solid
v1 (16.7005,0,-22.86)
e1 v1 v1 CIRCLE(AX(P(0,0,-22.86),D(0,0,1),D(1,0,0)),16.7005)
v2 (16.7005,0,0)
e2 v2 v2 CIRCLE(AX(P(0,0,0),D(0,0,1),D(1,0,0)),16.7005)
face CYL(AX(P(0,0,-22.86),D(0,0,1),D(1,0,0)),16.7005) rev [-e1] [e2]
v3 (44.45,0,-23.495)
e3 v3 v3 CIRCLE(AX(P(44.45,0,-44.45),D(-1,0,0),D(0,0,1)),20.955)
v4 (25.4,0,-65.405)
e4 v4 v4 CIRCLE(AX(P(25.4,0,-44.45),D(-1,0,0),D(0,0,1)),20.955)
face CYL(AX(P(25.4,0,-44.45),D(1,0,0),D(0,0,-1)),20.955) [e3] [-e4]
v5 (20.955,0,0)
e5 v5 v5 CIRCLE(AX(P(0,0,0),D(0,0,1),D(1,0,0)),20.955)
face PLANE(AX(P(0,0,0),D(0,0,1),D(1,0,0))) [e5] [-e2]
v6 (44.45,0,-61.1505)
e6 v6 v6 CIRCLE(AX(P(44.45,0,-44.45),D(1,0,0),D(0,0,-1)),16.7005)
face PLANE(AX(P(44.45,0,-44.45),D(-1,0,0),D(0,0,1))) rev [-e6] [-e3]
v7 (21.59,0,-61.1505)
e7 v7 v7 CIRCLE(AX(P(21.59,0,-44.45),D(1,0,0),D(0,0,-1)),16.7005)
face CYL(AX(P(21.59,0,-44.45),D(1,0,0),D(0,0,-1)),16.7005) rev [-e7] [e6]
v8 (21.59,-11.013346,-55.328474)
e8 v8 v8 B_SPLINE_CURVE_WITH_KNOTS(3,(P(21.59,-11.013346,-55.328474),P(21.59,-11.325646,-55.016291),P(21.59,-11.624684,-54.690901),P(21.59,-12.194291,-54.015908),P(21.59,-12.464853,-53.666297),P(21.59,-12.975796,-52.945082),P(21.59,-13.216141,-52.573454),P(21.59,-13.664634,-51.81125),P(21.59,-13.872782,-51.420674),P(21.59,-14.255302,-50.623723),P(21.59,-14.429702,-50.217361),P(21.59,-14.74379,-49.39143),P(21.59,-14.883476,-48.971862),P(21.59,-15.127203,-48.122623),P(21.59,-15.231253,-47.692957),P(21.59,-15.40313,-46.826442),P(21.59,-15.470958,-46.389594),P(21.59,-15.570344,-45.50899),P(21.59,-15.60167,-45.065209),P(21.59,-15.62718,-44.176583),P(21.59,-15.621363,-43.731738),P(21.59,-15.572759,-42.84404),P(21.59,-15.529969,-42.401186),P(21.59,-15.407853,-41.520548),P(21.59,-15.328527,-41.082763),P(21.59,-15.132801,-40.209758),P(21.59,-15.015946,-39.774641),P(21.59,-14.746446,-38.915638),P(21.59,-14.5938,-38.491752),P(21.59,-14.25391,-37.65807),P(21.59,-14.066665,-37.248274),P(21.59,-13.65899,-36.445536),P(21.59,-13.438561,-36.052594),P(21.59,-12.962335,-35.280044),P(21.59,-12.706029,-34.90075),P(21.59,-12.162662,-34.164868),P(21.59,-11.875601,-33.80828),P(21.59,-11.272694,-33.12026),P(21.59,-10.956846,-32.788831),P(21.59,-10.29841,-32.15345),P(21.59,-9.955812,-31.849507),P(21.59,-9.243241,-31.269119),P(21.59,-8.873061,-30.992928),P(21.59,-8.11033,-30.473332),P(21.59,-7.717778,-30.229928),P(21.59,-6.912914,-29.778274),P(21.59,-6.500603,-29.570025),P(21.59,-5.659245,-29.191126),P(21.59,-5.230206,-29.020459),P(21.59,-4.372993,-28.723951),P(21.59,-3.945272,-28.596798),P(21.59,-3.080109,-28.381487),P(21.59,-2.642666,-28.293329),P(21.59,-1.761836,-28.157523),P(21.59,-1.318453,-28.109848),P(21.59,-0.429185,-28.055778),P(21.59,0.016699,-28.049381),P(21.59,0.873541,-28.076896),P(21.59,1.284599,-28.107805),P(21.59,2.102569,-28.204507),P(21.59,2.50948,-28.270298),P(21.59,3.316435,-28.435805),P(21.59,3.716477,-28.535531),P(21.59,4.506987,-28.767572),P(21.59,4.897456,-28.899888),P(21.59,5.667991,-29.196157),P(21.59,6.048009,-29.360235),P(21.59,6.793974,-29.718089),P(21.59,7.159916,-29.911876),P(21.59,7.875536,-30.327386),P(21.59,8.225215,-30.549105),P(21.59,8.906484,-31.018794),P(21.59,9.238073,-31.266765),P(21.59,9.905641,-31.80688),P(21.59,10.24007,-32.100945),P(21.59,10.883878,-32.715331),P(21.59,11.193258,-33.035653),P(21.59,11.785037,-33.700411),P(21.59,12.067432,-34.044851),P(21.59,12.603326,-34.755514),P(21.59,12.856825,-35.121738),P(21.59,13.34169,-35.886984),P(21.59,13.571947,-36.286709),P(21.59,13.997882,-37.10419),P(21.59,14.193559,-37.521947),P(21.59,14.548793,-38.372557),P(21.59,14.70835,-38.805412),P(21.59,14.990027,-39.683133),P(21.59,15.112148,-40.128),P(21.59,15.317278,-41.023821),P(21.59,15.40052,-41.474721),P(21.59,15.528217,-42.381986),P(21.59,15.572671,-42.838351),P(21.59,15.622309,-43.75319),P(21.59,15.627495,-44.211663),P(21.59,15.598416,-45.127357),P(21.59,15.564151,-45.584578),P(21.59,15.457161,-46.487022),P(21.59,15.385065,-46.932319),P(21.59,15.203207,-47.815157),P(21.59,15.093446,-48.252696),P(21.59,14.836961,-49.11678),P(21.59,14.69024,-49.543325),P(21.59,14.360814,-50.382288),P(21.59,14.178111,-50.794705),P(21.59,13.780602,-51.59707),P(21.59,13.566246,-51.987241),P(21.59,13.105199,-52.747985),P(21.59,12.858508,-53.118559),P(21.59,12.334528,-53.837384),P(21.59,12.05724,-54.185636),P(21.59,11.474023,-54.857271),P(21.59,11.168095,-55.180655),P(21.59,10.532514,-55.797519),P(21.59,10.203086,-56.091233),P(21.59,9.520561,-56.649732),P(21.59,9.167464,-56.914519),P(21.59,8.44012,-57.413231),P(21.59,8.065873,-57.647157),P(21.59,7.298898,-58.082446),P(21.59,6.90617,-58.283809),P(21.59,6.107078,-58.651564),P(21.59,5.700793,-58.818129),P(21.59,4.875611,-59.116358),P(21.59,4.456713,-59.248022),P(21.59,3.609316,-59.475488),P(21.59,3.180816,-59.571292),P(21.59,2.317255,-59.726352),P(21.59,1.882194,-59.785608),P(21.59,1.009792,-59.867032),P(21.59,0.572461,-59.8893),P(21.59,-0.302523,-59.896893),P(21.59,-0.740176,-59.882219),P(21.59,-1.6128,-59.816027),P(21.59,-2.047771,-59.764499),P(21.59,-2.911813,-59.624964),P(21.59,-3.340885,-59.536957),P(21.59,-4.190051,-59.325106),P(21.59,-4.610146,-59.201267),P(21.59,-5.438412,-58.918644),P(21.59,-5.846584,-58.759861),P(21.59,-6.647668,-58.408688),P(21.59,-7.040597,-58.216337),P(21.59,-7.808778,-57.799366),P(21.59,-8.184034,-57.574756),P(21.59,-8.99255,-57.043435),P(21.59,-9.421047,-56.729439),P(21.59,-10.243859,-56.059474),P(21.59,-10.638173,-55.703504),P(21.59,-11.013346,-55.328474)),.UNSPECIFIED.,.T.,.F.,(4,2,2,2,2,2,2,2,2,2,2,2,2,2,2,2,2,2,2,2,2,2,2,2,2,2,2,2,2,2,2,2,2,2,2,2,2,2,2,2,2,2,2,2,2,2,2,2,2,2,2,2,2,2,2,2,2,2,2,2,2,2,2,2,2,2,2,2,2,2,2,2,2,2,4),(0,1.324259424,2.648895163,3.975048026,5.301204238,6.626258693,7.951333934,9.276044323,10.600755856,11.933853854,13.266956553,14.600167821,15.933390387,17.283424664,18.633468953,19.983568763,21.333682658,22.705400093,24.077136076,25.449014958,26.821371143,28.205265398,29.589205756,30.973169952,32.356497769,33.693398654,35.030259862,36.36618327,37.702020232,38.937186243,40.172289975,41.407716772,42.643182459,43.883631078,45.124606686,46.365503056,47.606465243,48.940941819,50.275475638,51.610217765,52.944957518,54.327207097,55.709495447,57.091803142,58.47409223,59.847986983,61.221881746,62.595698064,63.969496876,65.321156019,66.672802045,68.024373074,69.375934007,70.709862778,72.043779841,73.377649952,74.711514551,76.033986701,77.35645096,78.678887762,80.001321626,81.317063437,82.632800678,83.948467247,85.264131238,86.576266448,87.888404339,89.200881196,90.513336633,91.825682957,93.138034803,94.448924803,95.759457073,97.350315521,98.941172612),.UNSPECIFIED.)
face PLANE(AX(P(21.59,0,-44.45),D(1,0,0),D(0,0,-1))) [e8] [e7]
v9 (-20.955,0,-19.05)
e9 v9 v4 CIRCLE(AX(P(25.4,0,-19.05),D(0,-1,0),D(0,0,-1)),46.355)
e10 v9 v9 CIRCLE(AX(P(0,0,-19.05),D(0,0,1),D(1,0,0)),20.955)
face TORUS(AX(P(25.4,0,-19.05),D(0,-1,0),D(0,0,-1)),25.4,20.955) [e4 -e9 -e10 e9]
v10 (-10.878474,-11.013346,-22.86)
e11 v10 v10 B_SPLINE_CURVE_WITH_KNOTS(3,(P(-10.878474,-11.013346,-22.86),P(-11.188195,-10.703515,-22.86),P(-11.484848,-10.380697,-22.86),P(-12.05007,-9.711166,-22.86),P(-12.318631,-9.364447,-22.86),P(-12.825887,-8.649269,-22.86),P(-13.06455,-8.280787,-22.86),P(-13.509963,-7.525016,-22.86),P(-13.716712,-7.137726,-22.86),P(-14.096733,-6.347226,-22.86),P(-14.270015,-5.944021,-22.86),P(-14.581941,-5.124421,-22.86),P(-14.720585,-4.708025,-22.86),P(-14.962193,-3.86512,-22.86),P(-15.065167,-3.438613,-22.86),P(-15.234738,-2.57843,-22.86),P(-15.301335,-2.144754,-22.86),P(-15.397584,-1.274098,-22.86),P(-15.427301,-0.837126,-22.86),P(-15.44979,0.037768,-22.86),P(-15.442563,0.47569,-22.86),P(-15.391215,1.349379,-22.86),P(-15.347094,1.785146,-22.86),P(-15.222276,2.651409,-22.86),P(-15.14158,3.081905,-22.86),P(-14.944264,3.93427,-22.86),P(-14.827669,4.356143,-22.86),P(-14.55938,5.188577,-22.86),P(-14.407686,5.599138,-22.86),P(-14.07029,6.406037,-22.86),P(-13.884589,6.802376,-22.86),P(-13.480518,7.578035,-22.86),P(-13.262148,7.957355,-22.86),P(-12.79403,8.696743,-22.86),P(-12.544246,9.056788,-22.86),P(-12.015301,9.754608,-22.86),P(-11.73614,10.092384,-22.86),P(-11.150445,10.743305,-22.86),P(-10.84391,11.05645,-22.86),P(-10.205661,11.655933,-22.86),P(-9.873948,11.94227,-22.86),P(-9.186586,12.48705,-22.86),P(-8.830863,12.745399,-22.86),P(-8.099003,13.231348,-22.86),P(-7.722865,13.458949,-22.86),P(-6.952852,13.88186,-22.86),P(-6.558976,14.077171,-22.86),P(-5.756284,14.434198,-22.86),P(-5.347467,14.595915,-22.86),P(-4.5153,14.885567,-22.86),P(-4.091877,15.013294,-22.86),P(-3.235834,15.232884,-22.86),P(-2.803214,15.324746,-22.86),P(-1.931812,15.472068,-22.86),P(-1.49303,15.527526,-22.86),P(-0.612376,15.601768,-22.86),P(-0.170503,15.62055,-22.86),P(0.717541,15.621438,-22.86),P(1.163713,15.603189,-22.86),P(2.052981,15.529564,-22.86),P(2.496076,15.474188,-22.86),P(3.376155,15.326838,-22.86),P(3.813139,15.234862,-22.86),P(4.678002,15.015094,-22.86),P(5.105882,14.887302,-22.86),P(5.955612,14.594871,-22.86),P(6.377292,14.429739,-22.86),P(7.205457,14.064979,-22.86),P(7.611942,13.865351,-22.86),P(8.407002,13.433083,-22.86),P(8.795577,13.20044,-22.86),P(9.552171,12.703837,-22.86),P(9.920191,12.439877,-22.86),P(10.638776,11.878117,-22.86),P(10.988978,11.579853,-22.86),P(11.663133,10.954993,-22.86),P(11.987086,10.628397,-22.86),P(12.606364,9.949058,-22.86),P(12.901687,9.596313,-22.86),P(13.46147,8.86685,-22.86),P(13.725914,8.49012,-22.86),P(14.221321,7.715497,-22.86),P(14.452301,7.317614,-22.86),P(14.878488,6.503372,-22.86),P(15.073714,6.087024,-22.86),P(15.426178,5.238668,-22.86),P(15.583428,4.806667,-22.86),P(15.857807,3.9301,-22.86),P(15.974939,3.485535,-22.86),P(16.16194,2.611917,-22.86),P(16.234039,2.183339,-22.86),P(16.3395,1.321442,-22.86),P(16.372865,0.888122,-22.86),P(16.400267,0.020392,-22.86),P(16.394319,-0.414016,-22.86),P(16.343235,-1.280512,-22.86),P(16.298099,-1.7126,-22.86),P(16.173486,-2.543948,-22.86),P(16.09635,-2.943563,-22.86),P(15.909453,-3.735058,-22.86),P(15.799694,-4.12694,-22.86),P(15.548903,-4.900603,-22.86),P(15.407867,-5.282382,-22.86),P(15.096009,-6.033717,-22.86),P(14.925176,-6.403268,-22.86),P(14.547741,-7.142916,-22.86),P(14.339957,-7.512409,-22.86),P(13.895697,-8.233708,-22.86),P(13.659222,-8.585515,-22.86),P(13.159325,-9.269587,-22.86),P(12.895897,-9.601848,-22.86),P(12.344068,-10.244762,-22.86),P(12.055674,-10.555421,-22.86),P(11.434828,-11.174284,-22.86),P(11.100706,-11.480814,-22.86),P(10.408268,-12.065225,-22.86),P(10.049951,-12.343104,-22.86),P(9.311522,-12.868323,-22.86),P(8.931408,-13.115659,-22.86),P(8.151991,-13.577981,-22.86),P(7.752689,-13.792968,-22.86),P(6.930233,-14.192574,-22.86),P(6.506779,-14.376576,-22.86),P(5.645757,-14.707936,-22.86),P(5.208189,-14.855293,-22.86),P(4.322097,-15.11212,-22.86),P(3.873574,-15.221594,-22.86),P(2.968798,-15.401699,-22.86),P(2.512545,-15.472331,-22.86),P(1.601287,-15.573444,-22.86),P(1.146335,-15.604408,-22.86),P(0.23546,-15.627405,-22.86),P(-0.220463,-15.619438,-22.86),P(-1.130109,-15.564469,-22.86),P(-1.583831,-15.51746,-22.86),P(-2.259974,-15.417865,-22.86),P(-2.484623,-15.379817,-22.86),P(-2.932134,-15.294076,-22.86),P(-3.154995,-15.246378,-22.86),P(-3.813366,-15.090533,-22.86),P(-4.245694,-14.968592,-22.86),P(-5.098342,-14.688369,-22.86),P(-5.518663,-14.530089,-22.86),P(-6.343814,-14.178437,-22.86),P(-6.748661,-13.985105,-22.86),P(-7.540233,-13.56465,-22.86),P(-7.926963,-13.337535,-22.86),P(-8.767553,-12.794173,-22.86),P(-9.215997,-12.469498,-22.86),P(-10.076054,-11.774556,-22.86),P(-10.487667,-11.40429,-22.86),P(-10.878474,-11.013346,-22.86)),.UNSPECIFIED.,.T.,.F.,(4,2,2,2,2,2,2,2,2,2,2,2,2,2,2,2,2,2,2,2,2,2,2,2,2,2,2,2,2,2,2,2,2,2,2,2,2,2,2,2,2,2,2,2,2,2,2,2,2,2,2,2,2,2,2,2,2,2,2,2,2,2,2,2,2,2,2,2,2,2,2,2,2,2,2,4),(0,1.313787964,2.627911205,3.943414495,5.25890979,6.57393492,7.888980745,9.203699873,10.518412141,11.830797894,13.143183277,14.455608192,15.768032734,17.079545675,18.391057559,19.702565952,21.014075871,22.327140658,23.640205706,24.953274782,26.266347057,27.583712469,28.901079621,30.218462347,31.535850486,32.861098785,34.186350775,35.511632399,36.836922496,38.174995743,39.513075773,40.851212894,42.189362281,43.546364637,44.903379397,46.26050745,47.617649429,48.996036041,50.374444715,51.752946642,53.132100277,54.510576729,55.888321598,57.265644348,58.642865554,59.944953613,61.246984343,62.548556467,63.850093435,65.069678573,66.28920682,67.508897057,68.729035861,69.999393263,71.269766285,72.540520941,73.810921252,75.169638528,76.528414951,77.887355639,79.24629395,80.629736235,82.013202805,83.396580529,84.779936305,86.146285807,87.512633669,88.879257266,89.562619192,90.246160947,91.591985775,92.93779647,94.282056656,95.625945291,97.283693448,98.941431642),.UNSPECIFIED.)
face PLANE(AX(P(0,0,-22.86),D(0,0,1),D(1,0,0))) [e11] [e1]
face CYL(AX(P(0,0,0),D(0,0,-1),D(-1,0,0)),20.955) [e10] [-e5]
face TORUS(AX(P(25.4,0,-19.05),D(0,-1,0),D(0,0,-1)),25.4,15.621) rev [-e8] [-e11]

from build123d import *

# Parameters (mm, degrees)
SKETCH1_R          = 20.955
SKETCH1_R_2        = 15.621
SKETCH17_R         = 16.7005
CUT_EXTRUDE1_DEPTH = 22.86
SKETCH18_R         = 16.7005
CUT_EXTRUDE2_DEPTH = 22.86


with BuildPart() as part:
    # Sweep7: sweep along a path in Sketch15
    with BuildLine(Plane(origin=(0, 0, 0), x_dir=(1, 0, 0), z_dir=(0, 1, 0))) as sweep7_path:
        Line((0, 0), (0, 19.05))
        ThreePointArc((0, 19.05), (7.439487758, 37.010512242), (25.4, 44.45))
        Line((25.4, 44.45), (44.45, 44.45))
    # Sketch1 → Sweep7 (sweep)
    with BuildSketch(Plane.XY):
        Circle(SKETCH1_R)
        Circle(SKETCH1_R_2, mode=Mode.SUBTRACT)
    sweep(path=sweep7_path.line)

    # Sketch17 → Cut-Extrude1 (cut)
    with BuildSketch(Plane.XY):
        Circle(SKETCH17_R)
    extrude(amount=-CUT_EXTRUDE1_DEPTH, mode=Mode.SUBTRACT)

    # Sketch18 → Cut-Extrude2 (cut)
    with BuildSketch(Plane(origin=(44.45, 0, 0), x_dir=(0, 0, -1), z_dir=(1, 0, 0))):
        with Locations((44.45, 0)):
            Circle(SKETCH18_R)
    extrude(amount=-CUT_EXTRUDE2_DEPTH, mode=Mode.SUBTRACT)


solid = part.part
